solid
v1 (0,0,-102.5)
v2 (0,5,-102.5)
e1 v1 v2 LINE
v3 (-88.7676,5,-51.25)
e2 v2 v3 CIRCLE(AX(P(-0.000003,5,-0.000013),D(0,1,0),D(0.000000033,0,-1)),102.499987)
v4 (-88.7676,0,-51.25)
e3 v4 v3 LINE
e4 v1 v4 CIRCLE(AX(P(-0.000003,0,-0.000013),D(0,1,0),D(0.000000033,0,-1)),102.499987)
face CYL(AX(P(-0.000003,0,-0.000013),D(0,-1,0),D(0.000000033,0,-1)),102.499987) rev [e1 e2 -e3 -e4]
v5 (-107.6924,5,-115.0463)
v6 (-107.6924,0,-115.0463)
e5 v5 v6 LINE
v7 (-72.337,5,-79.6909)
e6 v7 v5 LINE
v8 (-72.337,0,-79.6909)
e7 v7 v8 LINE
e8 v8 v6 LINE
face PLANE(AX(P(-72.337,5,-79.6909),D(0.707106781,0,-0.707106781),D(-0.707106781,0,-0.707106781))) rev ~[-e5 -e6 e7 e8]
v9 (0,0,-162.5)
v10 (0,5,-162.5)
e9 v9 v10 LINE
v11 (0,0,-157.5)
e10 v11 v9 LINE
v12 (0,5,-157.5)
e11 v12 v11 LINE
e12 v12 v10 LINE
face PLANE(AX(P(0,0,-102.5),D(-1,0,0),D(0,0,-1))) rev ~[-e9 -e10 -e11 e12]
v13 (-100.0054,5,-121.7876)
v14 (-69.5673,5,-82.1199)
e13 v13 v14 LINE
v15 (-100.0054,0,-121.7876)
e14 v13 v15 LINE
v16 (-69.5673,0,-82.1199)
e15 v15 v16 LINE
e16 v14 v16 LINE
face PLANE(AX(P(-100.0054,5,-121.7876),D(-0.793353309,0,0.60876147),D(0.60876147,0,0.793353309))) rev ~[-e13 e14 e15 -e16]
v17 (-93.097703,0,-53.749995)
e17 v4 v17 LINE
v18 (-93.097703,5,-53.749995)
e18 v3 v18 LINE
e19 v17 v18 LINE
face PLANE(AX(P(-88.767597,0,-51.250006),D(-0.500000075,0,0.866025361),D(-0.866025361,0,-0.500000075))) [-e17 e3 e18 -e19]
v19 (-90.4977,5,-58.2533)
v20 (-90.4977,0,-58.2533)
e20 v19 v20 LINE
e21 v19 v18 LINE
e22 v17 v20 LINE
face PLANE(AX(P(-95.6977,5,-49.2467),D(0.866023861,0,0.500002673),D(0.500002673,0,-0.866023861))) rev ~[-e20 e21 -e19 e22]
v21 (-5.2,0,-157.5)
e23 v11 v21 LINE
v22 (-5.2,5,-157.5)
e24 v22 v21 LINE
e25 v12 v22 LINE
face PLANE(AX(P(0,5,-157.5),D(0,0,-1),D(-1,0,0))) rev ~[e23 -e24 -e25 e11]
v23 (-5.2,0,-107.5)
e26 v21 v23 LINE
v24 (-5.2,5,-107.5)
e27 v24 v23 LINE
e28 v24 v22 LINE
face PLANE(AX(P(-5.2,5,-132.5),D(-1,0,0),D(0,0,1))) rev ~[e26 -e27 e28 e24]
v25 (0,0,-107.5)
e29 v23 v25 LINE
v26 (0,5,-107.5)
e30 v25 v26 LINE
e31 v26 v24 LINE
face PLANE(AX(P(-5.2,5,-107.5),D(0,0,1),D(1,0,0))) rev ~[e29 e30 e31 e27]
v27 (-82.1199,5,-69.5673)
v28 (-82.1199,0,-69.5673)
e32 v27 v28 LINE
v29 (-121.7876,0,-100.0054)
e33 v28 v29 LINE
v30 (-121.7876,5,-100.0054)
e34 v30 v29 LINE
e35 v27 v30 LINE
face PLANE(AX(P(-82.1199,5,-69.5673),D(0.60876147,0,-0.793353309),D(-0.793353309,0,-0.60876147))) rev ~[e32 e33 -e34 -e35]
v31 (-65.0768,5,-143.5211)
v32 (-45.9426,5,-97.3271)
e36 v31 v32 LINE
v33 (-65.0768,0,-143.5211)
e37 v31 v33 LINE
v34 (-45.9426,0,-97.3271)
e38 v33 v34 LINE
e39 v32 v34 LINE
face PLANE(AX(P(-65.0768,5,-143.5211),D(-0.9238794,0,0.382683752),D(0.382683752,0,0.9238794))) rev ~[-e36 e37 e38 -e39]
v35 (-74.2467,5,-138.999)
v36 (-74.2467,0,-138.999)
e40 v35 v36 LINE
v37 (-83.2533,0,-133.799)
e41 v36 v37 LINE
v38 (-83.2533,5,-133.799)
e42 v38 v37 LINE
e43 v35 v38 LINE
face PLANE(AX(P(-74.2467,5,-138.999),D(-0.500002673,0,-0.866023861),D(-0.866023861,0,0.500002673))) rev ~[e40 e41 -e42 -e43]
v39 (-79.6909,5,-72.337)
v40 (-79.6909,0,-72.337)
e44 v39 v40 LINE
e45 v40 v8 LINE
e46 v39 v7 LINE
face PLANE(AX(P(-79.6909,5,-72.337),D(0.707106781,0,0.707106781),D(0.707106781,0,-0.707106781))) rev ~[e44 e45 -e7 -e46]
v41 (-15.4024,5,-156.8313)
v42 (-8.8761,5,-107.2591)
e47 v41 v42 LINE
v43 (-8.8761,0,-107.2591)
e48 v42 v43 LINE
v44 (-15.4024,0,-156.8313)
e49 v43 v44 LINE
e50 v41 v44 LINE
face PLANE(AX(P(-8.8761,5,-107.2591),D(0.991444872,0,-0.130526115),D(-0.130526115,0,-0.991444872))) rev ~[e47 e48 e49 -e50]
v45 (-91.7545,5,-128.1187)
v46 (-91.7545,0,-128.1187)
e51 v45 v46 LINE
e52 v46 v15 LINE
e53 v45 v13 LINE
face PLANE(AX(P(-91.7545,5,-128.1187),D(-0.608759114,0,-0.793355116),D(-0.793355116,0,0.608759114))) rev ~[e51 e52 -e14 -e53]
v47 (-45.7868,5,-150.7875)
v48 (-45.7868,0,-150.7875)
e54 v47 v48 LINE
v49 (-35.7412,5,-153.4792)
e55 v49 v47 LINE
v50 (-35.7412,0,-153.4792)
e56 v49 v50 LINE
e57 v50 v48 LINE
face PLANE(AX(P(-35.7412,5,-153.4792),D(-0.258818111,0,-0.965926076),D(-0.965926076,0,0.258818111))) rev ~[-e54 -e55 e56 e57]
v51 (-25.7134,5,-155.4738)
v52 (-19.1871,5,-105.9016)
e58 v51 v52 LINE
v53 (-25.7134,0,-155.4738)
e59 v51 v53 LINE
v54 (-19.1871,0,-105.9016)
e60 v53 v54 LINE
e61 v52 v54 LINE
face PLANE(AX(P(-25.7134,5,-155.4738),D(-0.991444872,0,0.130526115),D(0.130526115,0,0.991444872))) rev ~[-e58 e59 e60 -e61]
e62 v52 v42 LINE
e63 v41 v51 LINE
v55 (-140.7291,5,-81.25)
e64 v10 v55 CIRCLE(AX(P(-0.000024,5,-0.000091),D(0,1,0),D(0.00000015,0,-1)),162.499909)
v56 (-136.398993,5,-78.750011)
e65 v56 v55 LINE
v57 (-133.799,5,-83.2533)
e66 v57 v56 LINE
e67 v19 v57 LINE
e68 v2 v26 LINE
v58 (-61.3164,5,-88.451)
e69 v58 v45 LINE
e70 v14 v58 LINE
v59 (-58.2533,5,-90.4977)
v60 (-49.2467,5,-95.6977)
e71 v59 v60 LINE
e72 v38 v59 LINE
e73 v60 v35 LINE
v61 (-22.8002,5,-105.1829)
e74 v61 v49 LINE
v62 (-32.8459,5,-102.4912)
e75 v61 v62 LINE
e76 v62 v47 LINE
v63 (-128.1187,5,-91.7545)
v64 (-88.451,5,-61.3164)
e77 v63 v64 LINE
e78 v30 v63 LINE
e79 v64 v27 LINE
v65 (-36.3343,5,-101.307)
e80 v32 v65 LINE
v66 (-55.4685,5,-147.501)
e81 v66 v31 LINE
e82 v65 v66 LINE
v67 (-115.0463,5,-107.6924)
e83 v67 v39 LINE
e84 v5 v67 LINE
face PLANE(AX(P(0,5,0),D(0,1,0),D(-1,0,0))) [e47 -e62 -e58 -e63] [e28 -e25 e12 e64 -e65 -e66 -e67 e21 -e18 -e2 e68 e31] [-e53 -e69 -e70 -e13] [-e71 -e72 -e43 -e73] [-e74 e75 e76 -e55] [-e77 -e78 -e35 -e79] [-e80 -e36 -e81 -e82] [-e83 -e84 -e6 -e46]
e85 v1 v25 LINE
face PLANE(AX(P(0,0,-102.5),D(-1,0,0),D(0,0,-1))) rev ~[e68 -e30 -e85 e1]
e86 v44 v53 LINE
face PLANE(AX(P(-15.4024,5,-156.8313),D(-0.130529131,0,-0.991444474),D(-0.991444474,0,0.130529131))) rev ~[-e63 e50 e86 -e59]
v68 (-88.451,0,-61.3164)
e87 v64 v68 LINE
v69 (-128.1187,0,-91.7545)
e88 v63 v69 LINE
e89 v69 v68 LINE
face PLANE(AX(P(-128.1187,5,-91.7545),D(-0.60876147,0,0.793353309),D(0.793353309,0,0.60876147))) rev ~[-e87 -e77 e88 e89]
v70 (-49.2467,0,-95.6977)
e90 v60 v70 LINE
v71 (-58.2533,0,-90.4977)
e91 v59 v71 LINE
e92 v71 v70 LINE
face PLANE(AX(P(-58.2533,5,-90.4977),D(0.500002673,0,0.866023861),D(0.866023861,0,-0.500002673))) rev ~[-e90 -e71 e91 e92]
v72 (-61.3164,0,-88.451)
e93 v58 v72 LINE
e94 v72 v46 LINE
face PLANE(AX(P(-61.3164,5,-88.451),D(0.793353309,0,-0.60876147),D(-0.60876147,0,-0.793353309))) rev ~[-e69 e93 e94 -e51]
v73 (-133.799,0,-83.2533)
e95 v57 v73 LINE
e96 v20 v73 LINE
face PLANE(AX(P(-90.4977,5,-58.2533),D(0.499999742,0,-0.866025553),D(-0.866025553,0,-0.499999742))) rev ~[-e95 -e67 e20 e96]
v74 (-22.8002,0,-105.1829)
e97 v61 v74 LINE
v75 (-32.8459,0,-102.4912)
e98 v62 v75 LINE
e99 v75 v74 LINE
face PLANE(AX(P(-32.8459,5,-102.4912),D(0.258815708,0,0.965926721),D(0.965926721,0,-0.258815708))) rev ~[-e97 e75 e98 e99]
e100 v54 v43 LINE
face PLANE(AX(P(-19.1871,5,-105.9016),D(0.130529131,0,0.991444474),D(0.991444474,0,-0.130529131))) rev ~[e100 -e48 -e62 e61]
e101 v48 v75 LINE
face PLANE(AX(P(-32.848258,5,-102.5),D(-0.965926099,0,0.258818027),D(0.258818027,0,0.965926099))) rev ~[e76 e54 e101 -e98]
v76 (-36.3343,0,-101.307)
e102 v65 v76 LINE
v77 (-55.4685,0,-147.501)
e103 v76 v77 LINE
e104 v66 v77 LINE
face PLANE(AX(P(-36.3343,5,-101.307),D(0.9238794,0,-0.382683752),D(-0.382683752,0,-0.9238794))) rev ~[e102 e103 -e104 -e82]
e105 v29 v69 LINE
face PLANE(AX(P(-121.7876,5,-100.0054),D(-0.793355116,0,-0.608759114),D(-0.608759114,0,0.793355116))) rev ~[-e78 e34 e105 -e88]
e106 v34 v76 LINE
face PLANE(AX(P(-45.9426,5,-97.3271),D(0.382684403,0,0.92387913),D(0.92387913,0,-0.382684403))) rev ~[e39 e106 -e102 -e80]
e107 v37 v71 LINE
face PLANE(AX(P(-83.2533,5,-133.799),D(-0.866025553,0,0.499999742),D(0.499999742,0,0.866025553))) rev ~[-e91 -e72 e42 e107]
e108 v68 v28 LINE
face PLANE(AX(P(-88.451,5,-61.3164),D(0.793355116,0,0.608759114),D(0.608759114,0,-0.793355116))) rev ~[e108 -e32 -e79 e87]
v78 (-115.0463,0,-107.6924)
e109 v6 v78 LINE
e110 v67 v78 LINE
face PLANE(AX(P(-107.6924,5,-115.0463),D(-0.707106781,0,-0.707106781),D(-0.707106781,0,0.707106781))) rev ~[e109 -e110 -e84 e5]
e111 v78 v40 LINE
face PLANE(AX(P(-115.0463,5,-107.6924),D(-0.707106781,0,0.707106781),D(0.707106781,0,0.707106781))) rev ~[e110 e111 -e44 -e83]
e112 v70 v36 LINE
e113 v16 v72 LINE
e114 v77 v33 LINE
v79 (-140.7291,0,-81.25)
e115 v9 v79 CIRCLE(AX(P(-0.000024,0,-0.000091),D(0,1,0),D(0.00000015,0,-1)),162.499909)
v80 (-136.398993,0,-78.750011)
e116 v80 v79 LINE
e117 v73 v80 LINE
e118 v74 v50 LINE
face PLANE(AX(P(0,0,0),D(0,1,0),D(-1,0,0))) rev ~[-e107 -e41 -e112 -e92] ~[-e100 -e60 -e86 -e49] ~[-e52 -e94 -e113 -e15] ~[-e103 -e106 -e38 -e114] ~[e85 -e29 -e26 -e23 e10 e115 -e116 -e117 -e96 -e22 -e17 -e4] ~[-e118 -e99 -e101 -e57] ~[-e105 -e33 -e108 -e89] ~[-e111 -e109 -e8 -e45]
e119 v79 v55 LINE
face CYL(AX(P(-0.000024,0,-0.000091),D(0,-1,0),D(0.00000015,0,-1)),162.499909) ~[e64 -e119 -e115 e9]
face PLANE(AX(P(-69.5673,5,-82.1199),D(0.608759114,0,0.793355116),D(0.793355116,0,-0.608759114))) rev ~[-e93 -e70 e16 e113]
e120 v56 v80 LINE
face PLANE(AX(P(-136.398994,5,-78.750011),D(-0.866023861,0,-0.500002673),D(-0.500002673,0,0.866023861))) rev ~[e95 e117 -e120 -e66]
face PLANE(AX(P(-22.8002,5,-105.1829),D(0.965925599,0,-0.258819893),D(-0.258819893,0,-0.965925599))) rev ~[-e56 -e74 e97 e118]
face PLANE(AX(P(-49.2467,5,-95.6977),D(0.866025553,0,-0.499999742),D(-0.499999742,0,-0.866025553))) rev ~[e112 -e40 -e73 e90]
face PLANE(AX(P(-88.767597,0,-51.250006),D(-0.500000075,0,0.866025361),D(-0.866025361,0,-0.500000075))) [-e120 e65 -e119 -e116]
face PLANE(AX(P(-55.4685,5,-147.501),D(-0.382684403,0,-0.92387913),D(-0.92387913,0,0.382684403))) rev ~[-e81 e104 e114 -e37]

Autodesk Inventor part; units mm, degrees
ref_plane "YZ Plane" through (0, 0, 0) normal (1, 0, 0) x (0, 1, 0)
ref_plane "XZ Plane" through (0, 0, 0) normal (0, 1, 0) x (-1, 0, 0)
ref_plane "XY Plane" through (0, 0, 0) normal (0, 0, 1) x (1, 0, 0)
sketch "Sketch1" plane through (0, 0, 0) normal (0, 1, 0) x (-1, 0, 0)
  circle A0 centre (0, 0) radius 102.5 construction
  circle A1 centre (0, 0) radius 162.5 construction
  line L0 (0, -102.5) -> (0, -162.5)
  line L1 (0, 0) -> (140.7291, -81.25)
  arc A2 (0, -102.5) -> (88.7676, -51.25) centre (0, 0) ccw
  arc A3 (0, -162.5) -> (140.7291, -81.25) centre (0, 0) ccw
  dimension "d1" = 205
  dimension "d2" = 60
  dimension "d0" = 60
extrude "Extrusion1" add sketch "Sketch1" along normal blind 5
sketch "Sketch2" plane through (0, 5, 0) normal (0, 1, 0) x (1, 0, 0)
  line L0 (0, 102.5) -> (0, 162.5) projected
  arc A0 (0, 162.5) -> (-140.7291, 81.25) centre (0, 0) ccw projected
  line L1 (-140.7291, 81.25) -> (-88.7676, 51.25) projected
  arc A1 (0, 102.5) -> (-88.7676, 51.25) centre (0, 0) ccw projected
  line L2 (0, 102.5) -> (0, 162.5) projected
  line L3 (0, 102.5) -> (-33.162, 102.5)
  arc A2 (0, 102.5) -> (-88.7676, 51.25) centre (0, 0) ccw projected
  line L4 (0, 162.5) -> (-30.7981, 162.5)
  arc A3 (0, 162.5) -> (-140.7291, 81.25) centre (0, 0) ccw projected
  line L5 (-16.4331, 132.5) -> (15.7518, 132.5)
  line L6 (-5.2, 107.5) -> (5.2, 107.5)
  line L7 (5.2, 107.5) -> (5.2, 157.5)
  line L8 (5.2, 157.5) -> (-5.2, 157.5)
  line L9 (-5.2, 157.5) -> (-5.2, 107.5)
  line L10 (-15.4024, 156.8313) -> (-25.7134, 155.4738)
  line L11 (-19.1871, 105.9016) -> (-8.8761, 107.2591)
  line L12 (-8.8761, 107.2591) -> (-15.4024, 156.8313)
  line L13 (-25.7134, 155.4738) -> (-19.1871, 105.9016)
  line L14 (-35.7412, 153.4792) -> (-45.7868, 150.7875)
  line L15 (-32.8459, 102.4912) -> (-22.8002, 105.1829)
  line L16 (-22.8002, 105.1829) -> (-35.7412, 153.4792)
  line L17 (-45.7868, 150.7875) -> (-32.8459, 102.4912)
  line L18 (-55.4685, 147.501) -> (-65.0768, 143.5211)
  line L19 (-45.9426, 97.3271) -> (-36.3343, 101.307)
  line L20 (-36.3343, 101.307) -> (-55.4685, 147.501)
  line L21 (-65.0768, 143.5211) -> (-45.9426, 97.3271)
  line L22 (-74.2467, 138.999) -> (-83.2533, 133.799)
  line L23 (-58.2533, 90.4977) -> (-49.2467, 95.6977)
  line L24 (-49.2467, 95.6977) -> (-74.2467, 138.999)
  line L25 (-83.2533, 133.799) -> (-58.2533, 90.4977)
  line L26 (-91.7545, 128.1187) -> (-100.0054, 121.7876)
  line L27 (-69.5673, 82.1199) -> (-61.3164, 88.451)
  line L28 (-61.3164, 88.451) -> (-91.7545, 128.1187)
  line L29 (-100.0054, 121.7876) -> (-69.5673, 82.1199)
  line L30 (-107.6924, 115.0463) -> (-115.0463, 107.6924)
  line L31 (-79.6909, 72.337) -> (-72.337, 79.6909)
  line L32 (-72.337, 79.6909) -> (-107.6924, 115.0463)
  line L33 (-115.0463, 107.6924) -> (-79.6909, 72.337)
  line L34 (-121.7876, 100.0054) -> (-128.1187, 91.7545)
  line L35 (-88.451, 61.3164) -> (-82.1199, 69.5673)
  line L36 (-82.1199, 69.5673) -> (-121.7876, 100.0054)
  line L37 (-128.1187, 91.7545) -> (-88.451, 61.3164)
  line L38 (-133.799, 83.2533) -> (-138.999, 74.2467)
  line L39 (-95.6977, 49.2467) -> (-90.4977, 58.2533)
  line L40 (-90.4977, 58.2533) -> (-133.799, 83.2533)
  line L41 (-138.999, 74.2467) -> (-95.6977, 49.2467)
  dimension "d8" = 10.4
  dimension "d9" = 50
  dimension "d12" = 60
extrude "Extrusion2" cut sketch "Sketch2" against normal through all contours L12 L11 L13 L10 | L15 L17 L3 | L3 L17 L14 L16 L15 | L6 L9 L5 L0 | L0 L5 L7 L6 | L5 L9 L8 L0 | L0 L8 L7 L5 | L39 L41 L38 L1 | L1 L38 L40 L39 | L20 L19 L21 L18 | L24 L23 L25 L22 | L28 L27 L29 L26 | L32 L31 L33 L30 | L36 L35 L37 L34
properties part number "stator-60deg-holder"
